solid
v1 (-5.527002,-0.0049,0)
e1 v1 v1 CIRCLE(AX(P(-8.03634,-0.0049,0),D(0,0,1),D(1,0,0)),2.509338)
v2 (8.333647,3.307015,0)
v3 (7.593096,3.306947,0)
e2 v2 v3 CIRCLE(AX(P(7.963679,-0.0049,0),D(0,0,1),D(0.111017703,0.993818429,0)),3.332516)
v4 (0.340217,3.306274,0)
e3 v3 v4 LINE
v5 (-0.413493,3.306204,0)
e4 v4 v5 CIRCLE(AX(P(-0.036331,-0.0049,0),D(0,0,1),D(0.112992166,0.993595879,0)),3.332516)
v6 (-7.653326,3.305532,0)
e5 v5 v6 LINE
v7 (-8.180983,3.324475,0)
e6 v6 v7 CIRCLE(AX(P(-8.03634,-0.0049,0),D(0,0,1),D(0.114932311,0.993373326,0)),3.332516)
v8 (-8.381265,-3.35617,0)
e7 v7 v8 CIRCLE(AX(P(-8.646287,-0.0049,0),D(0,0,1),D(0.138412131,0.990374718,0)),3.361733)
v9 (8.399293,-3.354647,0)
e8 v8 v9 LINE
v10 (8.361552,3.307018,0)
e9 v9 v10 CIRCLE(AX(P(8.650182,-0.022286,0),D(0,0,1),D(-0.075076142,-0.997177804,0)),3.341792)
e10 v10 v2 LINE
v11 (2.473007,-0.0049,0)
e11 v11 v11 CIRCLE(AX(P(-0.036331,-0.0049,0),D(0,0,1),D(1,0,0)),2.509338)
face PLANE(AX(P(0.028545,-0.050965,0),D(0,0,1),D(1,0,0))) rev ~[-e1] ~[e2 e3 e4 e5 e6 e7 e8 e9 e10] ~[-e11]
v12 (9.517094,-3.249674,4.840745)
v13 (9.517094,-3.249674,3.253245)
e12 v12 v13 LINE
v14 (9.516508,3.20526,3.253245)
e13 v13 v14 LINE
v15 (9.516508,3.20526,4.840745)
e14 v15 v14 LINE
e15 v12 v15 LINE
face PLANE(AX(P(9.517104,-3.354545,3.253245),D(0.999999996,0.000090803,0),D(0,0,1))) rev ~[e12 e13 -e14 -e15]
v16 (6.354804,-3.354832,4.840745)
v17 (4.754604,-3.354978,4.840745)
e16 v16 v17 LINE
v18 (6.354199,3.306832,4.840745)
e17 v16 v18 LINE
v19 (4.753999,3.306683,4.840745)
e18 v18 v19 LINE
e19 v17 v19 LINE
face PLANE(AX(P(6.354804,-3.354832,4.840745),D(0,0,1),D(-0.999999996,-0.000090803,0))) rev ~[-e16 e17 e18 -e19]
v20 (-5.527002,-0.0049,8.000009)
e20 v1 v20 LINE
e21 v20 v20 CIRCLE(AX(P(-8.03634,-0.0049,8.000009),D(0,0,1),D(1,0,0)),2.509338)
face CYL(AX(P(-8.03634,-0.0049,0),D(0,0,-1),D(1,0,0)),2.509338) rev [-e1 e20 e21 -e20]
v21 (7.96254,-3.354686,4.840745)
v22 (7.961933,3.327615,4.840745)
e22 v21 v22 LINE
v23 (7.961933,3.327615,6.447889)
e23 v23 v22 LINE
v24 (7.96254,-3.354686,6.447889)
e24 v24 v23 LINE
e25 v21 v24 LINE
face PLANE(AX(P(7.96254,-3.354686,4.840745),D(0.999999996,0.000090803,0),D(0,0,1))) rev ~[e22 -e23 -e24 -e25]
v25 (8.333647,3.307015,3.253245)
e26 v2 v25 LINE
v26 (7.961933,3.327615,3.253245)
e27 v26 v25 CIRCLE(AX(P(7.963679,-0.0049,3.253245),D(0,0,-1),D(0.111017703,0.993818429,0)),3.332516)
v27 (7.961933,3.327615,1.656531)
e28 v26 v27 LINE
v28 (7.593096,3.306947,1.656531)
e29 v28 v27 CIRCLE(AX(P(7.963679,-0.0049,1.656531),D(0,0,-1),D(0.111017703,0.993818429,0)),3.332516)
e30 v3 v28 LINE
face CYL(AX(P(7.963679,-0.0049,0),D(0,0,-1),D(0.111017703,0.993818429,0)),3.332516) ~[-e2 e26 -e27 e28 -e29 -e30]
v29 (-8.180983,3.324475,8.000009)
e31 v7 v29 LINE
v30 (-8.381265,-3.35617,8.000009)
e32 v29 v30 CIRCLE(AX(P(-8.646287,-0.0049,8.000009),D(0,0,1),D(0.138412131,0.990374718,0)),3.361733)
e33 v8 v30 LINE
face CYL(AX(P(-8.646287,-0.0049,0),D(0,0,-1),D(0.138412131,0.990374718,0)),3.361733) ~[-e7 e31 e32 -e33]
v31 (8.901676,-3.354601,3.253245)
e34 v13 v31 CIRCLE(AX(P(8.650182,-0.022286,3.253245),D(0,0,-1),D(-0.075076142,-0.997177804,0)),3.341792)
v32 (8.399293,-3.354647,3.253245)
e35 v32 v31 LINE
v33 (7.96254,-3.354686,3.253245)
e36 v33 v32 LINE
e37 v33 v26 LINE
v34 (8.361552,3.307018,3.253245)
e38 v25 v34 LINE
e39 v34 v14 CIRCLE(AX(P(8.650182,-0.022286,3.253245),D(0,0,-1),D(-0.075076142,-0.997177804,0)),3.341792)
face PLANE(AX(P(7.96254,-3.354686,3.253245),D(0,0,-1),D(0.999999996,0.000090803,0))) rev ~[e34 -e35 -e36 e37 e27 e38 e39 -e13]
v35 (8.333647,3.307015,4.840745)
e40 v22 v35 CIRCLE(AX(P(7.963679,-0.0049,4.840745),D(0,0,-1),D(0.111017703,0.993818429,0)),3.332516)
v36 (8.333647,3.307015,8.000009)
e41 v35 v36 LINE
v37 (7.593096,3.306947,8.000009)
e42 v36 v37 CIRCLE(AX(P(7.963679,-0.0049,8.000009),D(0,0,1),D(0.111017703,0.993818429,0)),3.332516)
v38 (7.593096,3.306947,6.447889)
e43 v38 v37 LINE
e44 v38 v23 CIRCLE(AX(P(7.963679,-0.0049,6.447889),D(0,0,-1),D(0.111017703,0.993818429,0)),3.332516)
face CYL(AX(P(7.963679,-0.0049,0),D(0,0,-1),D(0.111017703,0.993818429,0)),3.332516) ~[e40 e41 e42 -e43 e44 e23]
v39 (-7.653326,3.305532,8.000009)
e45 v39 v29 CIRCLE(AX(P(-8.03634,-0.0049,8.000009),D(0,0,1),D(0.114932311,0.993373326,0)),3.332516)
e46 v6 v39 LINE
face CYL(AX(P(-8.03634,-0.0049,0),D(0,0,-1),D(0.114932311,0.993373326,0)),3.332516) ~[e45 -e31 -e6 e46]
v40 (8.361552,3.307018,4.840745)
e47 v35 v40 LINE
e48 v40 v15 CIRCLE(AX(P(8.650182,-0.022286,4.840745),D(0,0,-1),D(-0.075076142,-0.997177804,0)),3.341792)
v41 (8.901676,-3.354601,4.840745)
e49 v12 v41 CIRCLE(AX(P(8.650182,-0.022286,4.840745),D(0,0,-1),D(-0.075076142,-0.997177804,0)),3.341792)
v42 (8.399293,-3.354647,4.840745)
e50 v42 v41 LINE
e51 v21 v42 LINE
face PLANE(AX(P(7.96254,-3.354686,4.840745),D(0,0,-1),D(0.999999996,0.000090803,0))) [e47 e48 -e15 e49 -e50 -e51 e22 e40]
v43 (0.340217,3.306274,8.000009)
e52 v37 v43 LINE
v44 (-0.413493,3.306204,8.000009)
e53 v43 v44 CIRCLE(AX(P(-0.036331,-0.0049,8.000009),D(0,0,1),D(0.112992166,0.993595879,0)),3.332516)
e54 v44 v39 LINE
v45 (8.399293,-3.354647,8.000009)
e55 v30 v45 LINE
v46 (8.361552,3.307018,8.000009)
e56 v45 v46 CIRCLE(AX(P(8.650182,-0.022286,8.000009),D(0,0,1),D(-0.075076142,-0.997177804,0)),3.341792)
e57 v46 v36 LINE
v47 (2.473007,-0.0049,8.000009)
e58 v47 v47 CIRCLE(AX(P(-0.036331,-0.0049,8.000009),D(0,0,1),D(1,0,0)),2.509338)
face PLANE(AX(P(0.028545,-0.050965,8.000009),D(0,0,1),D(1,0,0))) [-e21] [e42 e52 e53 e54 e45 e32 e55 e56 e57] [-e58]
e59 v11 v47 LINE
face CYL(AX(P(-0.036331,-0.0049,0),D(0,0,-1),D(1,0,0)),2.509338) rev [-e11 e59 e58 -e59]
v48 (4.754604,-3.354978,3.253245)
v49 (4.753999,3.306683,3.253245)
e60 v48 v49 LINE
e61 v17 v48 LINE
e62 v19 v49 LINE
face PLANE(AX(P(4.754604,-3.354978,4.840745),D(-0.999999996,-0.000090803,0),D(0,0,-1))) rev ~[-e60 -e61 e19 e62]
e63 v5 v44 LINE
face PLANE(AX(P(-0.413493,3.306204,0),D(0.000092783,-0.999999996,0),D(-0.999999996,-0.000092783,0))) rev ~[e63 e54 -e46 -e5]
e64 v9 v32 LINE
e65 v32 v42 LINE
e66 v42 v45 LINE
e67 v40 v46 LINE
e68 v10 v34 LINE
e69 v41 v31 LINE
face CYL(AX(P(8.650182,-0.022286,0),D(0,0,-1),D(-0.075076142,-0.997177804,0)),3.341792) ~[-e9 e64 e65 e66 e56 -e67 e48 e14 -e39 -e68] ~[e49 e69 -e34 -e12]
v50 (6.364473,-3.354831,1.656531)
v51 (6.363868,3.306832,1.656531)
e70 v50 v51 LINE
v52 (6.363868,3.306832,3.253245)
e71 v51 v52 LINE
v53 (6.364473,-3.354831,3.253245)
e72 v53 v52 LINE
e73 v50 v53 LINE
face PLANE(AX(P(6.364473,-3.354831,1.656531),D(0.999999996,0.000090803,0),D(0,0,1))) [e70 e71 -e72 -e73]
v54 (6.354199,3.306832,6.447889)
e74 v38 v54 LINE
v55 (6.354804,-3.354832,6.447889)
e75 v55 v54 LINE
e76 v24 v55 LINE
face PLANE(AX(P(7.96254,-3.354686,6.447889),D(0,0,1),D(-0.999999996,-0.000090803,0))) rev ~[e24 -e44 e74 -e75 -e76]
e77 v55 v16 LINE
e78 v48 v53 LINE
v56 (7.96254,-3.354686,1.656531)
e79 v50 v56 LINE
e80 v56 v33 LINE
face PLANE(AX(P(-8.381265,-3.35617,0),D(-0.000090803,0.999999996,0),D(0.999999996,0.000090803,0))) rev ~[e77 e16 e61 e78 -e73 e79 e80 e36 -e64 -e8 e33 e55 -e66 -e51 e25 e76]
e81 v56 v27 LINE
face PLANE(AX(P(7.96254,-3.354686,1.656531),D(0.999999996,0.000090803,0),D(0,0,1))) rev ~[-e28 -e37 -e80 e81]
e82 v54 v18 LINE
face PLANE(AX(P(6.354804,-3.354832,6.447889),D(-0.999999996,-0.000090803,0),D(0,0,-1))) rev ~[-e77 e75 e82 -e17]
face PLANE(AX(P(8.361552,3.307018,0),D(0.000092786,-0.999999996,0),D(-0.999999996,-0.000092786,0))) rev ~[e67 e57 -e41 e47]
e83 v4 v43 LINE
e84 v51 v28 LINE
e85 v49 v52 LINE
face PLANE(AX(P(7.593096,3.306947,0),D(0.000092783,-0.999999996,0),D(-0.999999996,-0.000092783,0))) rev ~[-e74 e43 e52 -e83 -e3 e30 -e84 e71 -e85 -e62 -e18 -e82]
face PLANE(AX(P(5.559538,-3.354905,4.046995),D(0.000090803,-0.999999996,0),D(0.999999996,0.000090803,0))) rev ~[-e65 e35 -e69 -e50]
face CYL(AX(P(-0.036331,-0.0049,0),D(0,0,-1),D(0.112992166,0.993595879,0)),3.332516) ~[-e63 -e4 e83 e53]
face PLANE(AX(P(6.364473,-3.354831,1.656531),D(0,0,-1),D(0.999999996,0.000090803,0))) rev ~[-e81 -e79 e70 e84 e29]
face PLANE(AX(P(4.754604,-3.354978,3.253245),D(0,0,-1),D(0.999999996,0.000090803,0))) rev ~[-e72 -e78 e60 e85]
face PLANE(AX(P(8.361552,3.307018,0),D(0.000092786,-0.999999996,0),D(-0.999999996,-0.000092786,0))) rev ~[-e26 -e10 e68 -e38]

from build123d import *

# Parameters (mm, degrees)
F0_R     = 2.5093381746
F1_DEPTH = 8.0000094
F2_W     = 1.5980673197
F2_H     = 1.5967141371
F2_W_2   = 1.5545638741
F2_H_2   = 1.5875
F3_DEPTH = 838.2


with BuildPart() as f1:
    # F0 (on Top) → F1 (new body)
    with BuildSketch(Plane.XY):
        with BuildLine():
            Line((-8.3812647879, -3.3561703744), (8.3992933664, -3.3546466443))
            ThreePointArc((8.3992933664, -3.3546466443), (11.9919202899, -0.0033536688), (8.3615520536, 3.3070178042))
            Line((8.3615520536, 3.3070178042), (8.3336469392, 3.307015215))
            ThreePointArc((8.3336469392, 3.307015215), (10.4474847438, 2.216893609), (11.296194269, -0.0049001532))
            ThreePointArc((11.296194269, -0.0049001532), (5.7421154206, -2.4889123112), (7.5930959286, 3.3069465048))
            Line((7.5930959286, 3.3069465048), (0.3402174687, 3.3062735634))
            ThreePointArc((0.3402174687, 3.3062735634), (2.4496814323, 2.2144248936), (3.296184869, -0.0049001532))
            ThreePointArc((3.296184869, -0.0049001532), (-2.2554250593, -2.4911181706), (-0.4134932631, 3.3062036321))
            Line((-0.4134932631, 3.3062036321), (-7.6533263681, 3.3055319011))
            ThreePointArc((-7.6533263681, 3.3055319011), (-5.5481621287, 2.2119964092), (-4.703824531, -0.0049001532))
            ThreePointArc((-4.703824531, -0.0049001532), (-10.3410782709, -2.4119401956), (-8.1809826592, 3.3244749255))
            ThreePointArc((-8.1809826592, 3.3244749255), (-12.0065104511, 0.0958373525), (-8.3812647879, -3.3561703744))
        make_face()
        with BuildLine():
            ThreePointArc((11.296194269, -0.0049001532), (10.4474847438, 2.216893609), (8.3336469392, 3.307015215))
            Line((8.3336469392, 3.307015215), (7.5930959286, 3.3069465048))
            ThreePointArc((7.5930959286, 3.3069465048), (5.7421154206, -2.4889123112), (11.296194269, -0.0049001532))
        make_face()
        with BuildLine():
            Line((7.5930959286, 3.3069465048), (8.3336469392, 3.307015215))
            ThreePointArc((8.3336469392, 3.307015215), (7.9633695194, 3.3276153824), (7.5930959286, 3.3069465048))
        make_face()
        with BuildLine():
            ThreePointArc((-7.6533263681, 3.3055319011), (-7.916778762, 3.3254699436), (-8.1809826592, 3.3244749255))
            ThreePointArc((-8.1809826592, 3.3244749255), (-8.1209159952, 3.3155262987), (-8.0610207824, 3.3054940741))
            Line((-8.0610207824, 3.3054940741), (-7.6533263681, 3.3055319011))
        make_face()
        with BuildLine():
            ThreePointArc((-8.0610207824, 3.3054940741), (-8.1209159952, 3.3155262987), (-8.1809826592, 3.3244749255))
            ThreePointArc((-8.1809826592, 3.3244749255), (-10.3410782709, -2.4119401956), (-4.703824531, -0.0049001532))
            ThreePointArc((-4.703824531, -0.0049001532), (-5.5481621287, 2.2119964092), (-7.6533263681, 3.3055319011))
            Line((-7.6533263681, 3.3055319011), (-8.0610207824, 3.3054940741))
        make_face()
        with Locations((-8.0363400809, -0.0049001532)):
            Circle(F0_R, mode=Mode.SUBTRACT)
        with BuildLine():
            ThreePointArc((3.296184869, -0.0049001532), (2.4496814323, 2.2144248936), (0.3402174687, 3.3062735634))
            Line((0.3402174687, 3.3062735634), (-0.4134932631, 3.3062036321))
            ThreePointArc((-0.4134932631, 3.3062036321), (-2.2554250593, -2.4911181706), (3.296184869, -0.0049001532))
        make_face()
        with Locations((-0.0363306809, -0.0049001532)):
            Circle(F0_R, mode=Mode.SUBTRACT)
        with BuildLine():
            Line((-0.4134932631, 3.3062036321), (0.3402174687, 3.3062735634))
            ThreePointArc((0.3402174687, 3.3062735634), (-0.0366398806, 3.3276153824), (-0.4134932631, 3.3062036321))
        make_face()
    extrude(amount=F1_DEPTH)

    # F2 (on face) → F3 (cut)
    with BuildSketch(Plane(origin=(0.0003046822, -3.3554093002, 0), x_dir=(0.9999999959, 9.08033e-05, 0), z_dir=(9.08033e-05, -0.9999999959, 0))):
        Polygon((6.3544991001, 4.8407448495), (4.7542991001, 4.8407448495), (4.7542991001, 3.2532448495), (6.3641679063, 3.2532448495), (6.3641679063, 4.8407448495), align=None)
        Polygon((6.3544991001, 6.4478891691), (6.3544991001, 4.8407448495), (6.3641679063, 4.8407448495), (7.9165991001, 4.8407448495), (7.962235226, 4.8407448495), (7.962235226, 5.0536660092), (7.962235226, 6.4478891691), align=None)
        Polygon((7.9165991001, 4.8407448495), (6.3641679063, 4.8407448495), (6.3641679063, 3.2532448495), (7.962235226, 3.2532448495), (7.962235226, 4.8407448495), align=None)
        with Locations((7.1632015662, 2.4548877809)):
            Rectangle(F2_W, F2_H)
        with Locations((8.7395171631, 4.0469948495)):
            Rectangle(F2_W_2, F2_H_2)
    extrude(amount=-F3_DEPTH, mode=Mode.SUBTRACT)


solid = f1.part
